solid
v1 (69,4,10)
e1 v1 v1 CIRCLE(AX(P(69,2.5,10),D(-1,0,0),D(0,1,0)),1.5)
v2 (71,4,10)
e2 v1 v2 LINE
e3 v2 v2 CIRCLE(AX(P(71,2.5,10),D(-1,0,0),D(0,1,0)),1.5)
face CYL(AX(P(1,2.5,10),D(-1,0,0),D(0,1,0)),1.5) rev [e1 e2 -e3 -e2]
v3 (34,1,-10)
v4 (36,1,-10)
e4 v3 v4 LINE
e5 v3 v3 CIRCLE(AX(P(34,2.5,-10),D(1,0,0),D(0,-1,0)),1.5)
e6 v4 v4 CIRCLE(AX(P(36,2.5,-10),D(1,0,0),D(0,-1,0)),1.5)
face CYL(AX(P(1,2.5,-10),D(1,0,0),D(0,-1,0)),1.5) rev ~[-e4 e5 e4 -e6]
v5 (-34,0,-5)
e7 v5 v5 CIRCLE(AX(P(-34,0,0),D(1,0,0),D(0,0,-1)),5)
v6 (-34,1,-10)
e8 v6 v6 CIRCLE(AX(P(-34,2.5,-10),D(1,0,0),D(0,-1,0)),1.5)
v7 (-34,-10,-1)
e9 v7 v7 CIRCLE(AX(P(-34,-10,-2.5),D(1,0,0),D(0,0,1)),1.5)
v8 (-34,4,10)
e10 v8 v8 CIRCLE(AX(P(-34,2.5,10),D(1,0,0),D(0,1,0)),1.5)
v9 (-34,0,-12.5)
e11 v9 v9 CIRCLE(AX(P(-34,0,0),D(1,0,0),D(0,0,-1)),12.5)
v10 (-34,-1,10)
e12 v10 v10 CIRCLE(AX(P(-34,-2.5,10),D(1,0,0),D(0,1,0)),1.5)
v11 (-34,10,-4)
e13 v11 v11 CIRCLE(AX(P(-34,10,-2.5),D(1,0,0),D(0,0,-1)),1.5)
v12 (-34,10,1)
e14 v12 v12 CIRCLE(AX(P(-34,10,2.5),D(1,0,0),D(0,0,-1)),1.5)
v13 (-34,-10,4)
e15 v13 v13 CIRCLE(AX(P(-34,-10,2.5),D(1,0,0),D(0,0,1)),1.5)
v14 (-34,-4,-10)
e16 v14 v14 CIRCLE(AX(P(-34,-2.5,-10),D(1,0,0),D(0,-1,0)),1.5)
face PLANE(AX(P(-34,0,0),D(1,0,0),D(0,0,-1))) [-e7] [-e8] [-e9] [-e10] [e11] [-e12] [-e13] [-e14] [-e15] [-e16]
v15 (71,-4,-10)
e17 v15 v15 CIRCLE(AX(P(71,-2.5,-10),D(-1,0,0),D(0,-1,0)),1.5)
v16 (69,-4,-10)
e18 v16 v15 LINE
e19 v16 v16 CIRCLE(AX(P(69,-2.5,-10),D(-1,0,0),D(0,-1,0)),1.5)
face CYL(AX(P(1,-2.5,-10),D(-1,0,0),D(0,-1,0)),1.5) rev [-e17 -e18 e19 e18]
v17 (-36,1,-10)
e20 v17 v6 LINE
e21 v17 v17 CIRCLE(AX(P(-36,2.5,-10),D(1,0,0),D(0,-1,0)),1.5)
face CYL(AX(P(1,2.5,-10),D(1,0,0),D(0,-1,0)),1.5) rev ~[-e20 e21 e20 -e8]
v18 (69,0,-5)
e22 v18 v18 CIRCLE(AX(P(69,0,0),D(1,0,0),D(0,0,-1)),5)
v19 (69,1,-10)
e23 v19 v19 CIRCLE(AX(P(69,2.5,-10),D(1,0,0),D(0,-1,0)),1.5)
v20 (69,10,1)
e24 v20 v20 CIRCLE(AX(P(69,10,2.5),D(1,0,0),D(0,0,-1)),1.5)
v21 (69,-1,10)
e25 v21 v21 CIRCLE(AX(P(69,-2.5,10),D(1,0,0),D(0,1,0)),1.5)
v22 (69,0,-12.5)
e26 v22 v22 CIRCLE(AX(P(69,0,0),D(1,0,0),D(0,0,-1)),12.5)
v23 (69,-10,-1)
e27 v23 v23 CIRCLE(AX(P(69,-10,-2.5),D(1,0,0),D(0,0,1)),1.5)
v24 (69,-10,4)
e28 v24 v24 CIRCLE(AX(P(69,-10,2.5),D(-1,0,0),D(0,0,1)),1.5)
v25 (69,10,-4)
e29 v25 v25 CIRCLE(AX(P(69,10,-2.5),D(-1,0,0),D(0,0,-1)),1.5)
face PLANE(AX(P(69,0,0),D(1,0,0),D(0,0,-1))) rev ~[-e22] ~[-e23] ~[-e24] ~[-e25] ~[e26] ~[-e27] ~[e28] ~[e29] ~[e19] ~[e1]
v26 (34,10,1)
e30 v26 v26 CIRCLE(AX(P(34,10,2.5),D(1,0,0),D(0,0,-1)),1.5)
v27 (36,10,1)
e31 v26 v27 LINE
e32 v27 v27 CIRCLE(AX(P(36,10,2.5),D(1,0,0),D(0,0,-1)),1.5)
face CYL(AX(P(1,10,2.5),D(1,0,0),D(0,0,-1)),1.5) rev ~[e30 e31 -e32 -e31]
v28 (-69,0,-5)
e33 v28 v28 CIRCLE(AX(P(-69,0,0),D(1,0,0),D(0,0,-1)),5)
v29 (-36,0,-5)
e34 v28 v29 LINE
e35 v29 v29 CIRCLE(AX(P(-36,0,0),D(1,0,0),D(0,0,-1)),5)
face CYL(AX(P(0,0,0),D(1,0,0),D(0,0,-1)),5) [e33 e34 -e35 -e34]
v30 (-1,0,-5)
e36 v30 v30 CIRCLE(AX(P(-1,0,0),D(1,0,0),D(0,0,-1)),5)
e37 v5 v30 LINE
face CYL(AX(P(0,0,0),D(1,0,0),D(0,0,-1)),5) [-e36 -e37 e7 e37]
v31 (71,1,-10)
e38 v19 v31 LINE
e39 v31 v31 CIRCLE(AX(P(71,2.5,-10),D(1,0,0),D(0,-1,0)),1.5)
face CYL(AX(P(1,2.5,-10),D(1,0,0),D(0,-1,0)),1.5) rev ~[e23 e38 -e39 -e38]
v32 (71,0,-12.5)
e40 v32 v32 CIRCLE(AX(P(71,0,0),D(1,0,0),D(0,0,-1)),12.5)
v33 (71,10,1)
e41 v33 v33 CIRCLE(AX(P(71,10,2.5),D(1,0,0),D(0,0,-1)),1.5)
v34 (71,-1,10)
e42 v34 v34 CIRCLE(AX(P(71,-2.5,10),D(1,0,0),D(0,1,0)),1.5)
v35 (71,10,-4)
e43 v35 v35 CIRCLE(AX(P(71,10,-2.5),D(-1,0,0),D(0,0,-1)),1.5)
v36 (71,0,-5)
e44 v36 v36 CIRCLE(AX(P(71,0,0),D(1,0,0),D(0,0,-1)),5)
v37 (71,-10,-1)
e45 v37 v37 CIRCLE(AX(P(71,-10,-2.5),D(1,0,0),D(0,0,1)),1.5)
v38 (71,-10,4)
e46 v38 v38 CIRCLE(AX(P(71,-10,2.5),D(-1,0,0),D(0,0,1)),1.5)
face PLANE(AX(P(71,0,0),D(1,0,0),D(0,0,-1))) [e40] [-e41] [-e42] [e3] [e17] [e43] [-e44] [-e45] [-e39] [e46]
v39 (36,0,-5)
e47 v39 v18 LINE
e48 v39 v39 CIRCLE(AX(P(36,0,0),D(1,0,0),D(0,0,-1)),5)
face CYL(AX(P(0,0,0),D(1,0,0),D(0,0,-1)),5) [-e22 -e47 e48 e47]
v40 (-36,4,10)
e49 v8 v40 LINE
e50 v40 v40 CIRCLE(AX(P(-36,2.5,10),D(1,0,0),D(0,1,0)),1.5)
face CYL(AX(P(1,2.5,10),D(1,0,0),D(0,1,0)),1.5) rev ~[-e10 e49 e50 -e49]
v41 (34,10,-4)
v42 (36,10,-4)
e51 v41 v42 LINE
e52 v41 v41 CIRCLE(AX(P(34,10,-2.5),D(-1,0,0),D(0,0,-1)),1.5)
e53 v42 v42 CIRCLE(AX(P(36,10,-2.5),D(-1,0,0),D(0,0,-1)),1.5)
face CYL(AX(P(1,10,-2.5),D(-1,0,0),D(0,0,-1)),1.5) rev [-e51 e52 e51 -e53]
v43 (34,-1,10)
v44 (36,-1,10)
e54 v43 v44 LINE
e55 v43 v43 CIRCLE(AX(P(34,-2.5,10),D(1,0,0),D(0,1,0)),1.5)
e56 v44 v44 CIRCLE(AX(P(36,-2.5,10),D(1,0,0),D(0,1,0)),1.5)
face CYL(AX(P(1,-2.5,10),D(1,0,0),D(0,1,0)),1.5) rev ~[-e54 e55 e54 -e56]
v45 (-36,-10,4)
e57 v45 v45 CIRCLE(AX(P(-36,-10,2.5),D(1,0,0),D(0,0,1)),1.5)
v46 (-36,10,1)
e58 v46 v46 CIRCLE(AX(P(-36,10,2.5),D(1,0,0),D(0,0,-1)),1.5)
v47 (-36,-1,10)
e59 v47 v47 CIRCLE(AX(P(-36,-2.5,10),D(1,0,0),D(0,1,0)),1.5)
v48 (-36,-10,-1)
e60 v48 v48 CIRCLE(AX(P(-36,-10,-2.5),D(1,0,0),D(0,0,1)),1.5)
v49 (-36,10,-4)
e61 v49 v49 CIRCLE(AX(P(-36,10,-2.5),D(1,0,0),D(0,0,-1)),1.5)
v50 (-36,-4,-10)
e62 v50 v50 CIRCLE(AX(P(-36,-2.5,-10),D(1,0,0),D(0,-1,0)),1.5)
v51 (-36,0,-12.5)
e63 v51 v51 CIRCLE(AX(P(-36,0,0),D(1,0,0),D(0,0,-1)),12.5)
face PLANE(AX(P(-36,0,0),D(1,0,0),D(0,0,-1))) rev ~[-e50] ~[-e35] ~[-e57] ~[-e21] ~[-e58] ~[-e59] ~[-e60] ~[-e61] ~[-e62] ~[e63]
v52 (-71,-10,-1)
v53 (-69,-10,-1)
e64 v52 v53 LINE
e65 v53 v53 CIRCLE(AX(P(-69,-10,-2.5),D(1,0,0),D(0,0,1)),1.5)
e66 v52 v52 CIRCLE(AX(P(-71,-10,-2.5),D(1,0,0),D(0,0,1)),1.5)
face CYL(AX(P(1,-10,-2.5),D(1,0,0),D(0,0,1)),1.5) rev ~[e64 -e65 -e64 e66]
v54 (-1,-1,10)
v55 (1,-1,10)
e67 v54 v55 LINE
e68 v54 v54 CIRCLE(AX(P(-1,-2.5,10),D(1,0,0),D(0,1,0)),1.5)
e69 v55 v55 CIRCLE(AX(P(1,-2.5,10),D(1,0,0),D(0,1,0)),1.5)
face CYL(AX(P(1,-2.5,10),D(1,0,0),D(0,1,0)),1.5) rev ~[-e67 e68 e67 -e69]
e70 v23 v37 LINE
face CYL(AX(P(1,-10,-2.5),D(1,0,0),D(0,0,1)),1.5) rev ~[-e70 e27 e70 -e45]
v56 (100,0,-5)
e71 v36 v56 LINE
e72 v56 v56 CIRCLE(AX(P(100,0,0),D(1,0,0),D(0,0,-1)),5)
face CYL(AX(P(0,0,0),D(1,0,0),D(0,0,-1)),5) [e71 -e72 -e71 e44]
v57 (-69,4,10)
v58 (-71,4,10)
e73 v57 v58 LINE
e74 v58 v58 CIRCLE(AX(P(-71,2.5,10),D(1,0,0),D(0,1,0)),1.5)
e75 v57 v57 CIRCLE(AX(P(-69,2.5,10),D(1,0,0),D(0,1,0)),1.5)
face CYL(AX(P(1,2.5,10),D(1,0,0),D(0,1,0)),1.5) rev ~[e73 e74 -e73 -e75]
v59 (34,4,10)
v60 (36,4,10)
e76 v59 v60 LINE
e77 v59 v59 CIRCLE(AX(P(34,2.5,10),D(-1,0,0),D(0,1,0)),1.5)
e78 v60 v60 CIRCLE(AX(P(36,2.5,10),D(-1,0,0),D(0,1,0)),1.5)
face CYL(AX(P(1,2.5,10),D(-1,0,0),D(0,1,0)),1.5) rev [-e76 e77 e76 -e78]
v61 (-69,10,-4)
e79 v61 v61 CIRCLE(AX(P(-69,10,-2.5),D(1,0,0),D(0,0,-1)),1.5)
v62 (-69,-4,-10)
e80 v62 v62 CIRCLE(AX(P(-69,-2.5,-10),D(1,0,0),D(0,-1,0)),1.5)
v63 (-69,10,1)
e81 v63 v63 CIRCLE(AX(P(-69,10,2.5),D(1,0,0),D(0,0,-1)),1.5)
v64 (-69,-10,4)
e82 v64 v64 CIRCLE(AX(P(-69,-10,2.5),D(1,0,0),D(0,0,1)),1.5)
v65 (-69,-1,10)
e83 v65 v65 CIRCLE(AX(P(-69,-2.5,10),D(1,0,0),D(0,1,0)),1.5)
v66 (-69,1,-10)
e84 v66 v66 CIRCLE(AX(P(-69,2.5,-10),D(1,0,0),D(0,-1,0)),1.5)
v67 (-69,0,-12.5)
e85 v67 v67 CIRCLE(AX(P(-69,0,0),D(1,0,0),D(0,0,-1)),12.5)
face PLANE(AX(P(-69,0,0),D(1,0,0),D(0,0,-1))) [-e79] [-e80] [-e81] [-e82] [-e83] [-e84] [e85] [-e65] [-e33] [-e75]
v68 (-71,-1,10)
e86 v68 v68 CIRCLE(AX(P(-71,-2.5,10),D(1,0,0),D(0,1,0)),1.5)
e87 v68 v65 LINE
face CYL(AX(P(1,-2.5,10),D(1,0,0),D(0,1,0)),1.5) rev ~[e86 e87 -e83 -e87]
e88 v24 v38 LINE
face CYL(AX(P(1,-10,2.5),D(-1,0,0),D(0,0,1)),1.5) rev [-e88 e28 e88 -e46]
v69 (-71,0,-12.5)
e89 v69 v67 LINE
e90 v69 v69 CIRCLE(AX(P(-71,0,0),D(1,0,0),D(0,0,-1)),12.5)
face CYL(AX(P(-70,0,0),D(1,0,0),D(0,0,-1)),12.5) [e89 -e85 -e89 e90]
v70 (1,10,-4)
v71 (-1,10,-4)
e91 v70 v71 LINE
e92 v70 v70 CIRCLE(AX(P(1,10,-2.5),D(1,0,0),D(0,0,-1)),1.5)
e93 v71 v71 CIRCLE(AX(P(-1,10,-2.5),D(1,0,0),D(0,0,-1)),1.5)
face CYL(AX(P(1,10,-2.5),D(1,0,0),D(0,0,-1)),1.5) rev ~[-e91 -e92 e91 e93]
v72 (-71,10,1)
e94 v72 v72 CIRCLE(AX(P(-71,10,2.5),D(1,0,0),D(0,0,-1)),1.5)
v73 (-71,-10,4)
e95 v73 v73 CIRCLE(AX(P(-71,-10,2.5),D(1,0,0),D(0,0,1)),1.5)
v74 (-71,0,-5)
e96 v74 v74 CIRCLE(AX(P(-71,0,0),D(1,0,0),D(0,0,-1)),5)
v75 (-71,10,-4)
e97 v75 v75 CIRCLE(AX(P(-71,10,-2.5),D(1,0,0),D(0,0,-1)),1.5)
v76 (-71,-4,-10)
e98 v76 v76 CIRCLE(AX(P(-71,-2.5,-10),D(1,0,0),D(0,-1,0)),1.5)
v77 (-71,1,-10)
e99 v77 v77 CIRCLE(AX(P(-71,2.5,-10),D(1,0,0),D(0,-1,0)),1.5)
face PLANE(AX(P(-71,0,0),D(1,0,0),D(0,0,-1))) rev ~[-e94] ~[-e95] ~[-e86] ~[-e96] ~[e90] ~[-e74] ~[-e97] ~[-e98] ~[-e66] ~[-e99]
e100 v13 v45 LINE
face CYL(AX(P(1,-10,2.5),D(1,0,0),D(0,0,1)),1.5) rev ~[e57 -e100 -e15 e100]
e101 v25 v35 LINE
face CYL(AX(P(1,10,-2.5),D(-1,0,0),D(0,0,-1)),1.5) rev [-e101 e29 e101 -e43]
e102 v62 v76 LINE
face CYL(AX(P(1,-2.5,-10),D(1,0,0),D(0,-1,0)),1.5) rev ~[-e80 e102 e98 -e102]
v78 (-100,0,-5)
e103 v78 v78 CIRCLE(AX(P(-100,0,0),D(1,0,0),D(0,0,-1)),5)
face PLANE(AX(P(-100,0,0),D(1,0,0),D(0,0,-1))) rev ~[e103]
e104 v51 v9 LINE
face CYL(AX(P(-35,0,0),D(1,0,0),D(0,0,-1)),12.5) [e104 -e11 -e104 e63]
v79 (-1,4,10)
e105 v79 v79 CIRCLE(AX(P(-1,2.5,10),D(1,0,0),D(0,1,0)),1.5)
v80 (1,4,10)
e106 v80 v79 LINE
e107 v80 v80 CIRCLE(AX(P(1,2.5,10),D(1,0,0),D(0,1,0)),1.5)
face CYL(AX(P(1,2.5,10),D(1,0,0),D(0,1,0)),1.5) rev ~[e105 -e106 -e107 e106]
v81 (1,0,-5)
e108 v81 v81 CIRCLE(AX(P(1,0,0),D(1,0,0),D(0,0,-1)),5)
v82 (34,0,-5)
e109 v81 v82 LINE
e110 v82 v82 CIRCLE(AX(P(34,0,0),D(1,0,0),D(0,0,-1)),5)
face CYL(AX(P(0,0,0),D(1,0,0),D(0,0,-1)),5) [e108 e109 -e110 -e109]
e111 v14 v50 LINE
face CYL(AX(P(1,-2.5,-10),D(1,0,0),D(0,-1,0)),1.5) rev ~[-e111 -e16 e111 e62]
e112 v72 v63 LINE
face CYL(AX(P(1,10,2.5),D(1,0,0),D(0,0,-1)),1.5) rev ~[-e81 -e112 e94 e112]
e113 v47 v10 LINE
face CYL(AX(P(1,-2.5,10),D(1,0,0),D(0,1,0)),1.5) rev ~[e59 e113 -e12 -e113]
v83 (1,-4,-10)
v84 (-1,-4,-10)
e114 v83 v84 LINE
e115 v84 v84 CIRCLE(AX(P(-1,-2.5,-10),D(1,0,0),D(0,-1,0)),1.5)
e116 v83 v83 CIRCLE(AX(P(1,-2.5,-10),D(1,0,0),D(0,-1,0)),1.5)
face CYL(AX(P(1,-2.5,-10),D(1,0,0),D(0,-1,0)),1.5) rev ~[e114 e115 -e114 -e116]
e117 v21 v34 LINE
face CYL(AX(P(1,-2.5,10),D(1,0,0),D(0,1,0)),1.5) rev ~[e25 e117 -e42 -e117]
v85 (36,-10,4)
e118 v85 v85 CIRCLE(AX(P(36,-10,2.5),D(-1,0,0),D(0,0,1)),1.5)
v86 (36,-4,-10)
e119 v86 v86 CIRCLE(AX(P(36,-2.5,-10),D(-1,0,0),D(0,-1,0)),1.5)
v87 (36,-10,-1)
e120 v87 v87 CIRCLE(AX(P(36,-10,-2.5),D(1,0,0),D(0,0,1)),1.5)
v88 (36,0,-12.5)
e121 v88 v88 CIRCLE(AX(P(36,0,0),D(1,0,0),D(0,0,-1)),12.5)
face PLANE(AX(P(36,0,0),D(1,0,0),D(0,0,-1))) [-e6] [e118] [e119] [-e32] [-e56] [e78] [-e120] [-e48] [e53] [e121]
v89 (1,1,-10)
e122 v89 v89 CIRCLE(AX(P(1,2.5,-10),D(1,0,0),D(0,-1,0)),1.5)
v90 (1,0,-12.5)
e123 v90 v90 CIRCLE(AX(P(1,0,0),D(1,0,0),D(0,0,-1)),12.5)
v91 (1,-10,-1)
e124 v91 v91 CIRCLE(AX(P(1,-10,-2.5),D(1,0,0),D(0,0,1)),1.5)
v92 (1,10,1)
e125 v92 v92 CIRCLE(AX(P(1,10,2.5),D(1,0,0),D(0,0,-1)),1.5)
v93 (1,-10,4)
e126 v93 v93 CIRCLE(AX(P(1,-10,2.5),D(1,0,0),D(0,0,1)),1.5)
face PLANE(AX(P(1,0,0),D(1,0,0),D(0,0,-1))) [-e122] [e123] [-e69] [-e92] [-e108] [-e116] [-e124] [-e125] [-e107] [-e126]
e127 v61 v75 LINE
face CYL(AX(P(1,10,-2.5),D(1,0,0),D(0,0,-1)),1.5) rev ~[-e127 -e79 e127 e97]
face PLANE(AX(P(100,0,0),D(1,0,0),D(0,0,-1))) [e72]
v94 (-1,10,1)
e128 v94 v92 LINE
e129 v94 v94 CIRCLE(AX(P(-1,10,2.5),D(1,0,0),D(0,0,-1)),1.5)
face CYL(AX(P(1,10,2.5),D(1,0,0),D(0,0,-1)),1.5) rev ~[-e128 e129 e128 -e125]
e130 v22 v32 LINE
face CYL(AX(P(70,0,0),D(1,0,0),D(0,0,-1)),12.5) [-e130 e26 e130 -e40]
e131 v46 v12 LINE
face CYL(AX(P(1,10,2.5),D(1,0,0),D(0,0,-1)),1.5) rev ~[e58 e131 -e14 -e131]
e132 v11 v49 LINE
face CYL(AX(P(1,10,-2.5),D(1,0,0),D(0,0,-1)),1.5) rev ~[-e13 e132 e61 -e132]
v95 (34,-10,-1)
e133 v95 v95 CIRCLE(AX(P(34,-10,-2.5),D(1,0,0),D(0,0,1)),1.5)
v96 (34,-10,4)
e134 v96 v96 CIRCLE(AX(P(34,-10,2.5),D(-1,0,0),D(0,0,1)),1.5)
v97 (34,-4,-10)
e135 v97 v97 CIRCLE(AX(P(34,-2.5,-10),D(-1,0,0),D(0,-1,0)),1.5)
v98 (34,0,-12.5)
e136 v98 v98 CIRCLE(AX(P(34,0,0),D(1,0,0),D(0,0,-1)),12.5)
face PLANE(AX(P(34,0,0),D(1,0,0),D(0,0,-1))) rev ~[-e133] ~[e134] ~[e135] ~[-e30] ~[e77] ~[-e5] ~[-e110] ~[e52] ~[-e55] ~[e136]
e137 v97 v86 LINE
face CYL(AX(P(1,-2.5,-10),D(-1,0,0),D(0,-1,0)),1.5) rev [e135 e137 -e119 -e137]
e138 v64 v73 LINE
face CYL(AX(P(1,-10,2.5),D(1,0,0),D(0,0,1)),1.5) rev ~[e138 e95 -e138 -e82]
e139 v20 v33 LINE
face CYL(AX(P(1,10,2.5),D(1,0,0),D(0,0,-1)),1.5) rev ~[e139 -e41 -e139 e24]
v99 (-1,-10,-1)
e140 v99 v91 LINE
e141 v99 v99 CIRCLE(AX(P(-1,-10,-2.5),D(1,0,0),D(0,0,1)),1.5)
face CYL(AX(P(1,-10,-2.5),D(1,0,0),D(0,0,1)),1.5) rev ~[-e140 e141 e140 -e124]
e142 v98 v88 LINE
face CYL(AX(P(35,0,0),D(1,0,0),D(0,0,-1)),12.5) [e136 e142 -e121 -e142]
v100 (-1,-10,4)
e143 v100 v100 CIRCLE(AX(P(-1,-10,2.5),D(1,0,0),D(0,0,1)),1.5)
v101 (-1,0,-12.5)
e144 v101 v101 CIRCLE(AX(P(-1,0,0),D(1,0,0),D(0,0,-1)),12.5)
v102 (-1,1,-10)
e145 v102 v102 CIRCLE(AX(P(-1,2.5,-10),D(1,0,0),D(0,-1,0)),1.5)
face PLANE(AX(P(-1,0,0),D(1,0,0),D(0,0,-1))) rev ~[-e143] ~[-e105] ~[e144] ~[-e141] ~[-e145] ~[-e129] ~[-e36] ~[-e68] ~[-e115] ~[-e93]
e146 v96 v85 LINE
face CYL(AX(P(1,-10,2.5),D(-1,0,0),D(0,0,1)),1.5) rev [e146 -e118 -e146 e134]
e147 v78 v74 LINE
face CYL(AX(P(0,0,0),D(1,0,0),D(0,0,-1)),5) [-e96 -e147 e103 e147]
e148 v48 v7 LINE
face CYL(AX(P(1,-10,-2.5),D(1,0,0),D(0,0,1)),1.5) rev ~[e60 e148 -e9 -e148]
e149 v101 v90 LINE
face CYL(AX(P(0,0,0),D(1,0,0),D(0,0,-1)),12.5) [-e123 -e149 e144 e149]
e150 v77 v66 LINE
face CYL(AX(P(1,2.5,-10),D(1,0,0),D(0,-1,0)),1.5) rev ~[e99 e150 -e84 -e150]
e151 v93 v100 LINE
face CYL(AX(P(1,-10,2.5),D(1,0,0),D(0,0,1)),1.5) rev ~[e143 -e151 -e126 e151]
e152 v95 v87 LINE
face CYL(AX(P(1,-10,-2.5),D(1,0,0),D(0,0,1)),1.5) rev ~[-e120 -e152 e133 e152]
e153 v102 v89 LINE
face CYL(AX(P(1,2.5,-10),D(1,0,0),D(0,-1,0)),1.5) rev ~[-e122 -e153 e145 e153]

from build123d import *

# Parameters (mm, degrees)
SKETCH_1_R               = 5
EXTRUDE_1_DEPTH          = 100
SKETCH_2_R               = 12.5
EXTRUDE_2_DEPTH          = 1
PATTERN_LINEAR_1_COUNT   = 3
PATTERN_LINEAR_1_PITCH   = 35
PATTERN_LINEAR_2_COUNT   = 3
PATTERN_LINEAR_2_PITCH   = 35
SKETCH_3_R               = 1.5
CUT_EXTRUDE_1_DEPTH      = 499.5
PATTERN_CIRCULAR_1_COUNT = 4


with BuildPart() as part:
    # 草图1 → 凸台-拉伸1 (new, symmetric)
    with BuildSketch(Plane(origin=(0, 0, 0), x_dir=(0, 0, -1), z_dir=(1, 0, 0))):
        Circle(SKETCH_1_R)
    extrude(amount=EXTRUDE_1_DEPTH, both=True)

    # 草图2 → 凸台-拉伸2 (add, symmetric)
    with BuildSketch(Plane(origin=(0, 0, 0), x_dir=(0, 0, -1), z_dir=(1, 0, 0))):
        Circle(SKETCH_2_R)
    extrude_2 = extrude(amount=EXTRUDE_2_DEPTH, both=True)

    # 阵列(线性)1: 凸台-拉伸2 ×3
    with Locations(*[(-i * PATTERN_LINEAR_1_PITCH, 0, 0) for i in range(1, PATTERN_LINEAR_1_COUNT)]):
        add(extrude_2)

    # 阵列(线性)2: 凸台-拉伸2 ×3
    with Locations(*[(i * PATTERN_LINEAR_2_PITCH, 0, 0) for i in range(1, PATTERN_LINEAR_2_COUNT)]):
        add(extrude_2)

    # 草图3 → 切除-拉伸1 (cut, symmetric)
    with BuildSketch(Plane(origin=(1, 0, 0), x_dir=(0, 0, -1), z_dir=(1, 0, 0))):
        with Locations((2.5, 10)):
            Circle(SKETCH_3_R)
        with Locations((-2.5, 10)):
            Circle(SKETCH_3_R)
    cut_extrude_1 = extrude(amount=CUT_EXTRUDE_1_DEPTH, both=True, mode=Mode.SUBTRACT)

    # 阵列(圆周)1: 切除-拉伸1 ×4 about axis
    pattern_circular_1_axis = Axis((0, 0, 0), (1, 0, 0))
    for i in range(1, PATTERN_CIRCULAR_1_COUNT):
        add(cut_extrude_1.rotate(pattern_circular_1_axis, i * 360 / PATTERN_CIRCULAR_1_COUNT), mode=Mode.SUBTRACT)


solid = part.part
